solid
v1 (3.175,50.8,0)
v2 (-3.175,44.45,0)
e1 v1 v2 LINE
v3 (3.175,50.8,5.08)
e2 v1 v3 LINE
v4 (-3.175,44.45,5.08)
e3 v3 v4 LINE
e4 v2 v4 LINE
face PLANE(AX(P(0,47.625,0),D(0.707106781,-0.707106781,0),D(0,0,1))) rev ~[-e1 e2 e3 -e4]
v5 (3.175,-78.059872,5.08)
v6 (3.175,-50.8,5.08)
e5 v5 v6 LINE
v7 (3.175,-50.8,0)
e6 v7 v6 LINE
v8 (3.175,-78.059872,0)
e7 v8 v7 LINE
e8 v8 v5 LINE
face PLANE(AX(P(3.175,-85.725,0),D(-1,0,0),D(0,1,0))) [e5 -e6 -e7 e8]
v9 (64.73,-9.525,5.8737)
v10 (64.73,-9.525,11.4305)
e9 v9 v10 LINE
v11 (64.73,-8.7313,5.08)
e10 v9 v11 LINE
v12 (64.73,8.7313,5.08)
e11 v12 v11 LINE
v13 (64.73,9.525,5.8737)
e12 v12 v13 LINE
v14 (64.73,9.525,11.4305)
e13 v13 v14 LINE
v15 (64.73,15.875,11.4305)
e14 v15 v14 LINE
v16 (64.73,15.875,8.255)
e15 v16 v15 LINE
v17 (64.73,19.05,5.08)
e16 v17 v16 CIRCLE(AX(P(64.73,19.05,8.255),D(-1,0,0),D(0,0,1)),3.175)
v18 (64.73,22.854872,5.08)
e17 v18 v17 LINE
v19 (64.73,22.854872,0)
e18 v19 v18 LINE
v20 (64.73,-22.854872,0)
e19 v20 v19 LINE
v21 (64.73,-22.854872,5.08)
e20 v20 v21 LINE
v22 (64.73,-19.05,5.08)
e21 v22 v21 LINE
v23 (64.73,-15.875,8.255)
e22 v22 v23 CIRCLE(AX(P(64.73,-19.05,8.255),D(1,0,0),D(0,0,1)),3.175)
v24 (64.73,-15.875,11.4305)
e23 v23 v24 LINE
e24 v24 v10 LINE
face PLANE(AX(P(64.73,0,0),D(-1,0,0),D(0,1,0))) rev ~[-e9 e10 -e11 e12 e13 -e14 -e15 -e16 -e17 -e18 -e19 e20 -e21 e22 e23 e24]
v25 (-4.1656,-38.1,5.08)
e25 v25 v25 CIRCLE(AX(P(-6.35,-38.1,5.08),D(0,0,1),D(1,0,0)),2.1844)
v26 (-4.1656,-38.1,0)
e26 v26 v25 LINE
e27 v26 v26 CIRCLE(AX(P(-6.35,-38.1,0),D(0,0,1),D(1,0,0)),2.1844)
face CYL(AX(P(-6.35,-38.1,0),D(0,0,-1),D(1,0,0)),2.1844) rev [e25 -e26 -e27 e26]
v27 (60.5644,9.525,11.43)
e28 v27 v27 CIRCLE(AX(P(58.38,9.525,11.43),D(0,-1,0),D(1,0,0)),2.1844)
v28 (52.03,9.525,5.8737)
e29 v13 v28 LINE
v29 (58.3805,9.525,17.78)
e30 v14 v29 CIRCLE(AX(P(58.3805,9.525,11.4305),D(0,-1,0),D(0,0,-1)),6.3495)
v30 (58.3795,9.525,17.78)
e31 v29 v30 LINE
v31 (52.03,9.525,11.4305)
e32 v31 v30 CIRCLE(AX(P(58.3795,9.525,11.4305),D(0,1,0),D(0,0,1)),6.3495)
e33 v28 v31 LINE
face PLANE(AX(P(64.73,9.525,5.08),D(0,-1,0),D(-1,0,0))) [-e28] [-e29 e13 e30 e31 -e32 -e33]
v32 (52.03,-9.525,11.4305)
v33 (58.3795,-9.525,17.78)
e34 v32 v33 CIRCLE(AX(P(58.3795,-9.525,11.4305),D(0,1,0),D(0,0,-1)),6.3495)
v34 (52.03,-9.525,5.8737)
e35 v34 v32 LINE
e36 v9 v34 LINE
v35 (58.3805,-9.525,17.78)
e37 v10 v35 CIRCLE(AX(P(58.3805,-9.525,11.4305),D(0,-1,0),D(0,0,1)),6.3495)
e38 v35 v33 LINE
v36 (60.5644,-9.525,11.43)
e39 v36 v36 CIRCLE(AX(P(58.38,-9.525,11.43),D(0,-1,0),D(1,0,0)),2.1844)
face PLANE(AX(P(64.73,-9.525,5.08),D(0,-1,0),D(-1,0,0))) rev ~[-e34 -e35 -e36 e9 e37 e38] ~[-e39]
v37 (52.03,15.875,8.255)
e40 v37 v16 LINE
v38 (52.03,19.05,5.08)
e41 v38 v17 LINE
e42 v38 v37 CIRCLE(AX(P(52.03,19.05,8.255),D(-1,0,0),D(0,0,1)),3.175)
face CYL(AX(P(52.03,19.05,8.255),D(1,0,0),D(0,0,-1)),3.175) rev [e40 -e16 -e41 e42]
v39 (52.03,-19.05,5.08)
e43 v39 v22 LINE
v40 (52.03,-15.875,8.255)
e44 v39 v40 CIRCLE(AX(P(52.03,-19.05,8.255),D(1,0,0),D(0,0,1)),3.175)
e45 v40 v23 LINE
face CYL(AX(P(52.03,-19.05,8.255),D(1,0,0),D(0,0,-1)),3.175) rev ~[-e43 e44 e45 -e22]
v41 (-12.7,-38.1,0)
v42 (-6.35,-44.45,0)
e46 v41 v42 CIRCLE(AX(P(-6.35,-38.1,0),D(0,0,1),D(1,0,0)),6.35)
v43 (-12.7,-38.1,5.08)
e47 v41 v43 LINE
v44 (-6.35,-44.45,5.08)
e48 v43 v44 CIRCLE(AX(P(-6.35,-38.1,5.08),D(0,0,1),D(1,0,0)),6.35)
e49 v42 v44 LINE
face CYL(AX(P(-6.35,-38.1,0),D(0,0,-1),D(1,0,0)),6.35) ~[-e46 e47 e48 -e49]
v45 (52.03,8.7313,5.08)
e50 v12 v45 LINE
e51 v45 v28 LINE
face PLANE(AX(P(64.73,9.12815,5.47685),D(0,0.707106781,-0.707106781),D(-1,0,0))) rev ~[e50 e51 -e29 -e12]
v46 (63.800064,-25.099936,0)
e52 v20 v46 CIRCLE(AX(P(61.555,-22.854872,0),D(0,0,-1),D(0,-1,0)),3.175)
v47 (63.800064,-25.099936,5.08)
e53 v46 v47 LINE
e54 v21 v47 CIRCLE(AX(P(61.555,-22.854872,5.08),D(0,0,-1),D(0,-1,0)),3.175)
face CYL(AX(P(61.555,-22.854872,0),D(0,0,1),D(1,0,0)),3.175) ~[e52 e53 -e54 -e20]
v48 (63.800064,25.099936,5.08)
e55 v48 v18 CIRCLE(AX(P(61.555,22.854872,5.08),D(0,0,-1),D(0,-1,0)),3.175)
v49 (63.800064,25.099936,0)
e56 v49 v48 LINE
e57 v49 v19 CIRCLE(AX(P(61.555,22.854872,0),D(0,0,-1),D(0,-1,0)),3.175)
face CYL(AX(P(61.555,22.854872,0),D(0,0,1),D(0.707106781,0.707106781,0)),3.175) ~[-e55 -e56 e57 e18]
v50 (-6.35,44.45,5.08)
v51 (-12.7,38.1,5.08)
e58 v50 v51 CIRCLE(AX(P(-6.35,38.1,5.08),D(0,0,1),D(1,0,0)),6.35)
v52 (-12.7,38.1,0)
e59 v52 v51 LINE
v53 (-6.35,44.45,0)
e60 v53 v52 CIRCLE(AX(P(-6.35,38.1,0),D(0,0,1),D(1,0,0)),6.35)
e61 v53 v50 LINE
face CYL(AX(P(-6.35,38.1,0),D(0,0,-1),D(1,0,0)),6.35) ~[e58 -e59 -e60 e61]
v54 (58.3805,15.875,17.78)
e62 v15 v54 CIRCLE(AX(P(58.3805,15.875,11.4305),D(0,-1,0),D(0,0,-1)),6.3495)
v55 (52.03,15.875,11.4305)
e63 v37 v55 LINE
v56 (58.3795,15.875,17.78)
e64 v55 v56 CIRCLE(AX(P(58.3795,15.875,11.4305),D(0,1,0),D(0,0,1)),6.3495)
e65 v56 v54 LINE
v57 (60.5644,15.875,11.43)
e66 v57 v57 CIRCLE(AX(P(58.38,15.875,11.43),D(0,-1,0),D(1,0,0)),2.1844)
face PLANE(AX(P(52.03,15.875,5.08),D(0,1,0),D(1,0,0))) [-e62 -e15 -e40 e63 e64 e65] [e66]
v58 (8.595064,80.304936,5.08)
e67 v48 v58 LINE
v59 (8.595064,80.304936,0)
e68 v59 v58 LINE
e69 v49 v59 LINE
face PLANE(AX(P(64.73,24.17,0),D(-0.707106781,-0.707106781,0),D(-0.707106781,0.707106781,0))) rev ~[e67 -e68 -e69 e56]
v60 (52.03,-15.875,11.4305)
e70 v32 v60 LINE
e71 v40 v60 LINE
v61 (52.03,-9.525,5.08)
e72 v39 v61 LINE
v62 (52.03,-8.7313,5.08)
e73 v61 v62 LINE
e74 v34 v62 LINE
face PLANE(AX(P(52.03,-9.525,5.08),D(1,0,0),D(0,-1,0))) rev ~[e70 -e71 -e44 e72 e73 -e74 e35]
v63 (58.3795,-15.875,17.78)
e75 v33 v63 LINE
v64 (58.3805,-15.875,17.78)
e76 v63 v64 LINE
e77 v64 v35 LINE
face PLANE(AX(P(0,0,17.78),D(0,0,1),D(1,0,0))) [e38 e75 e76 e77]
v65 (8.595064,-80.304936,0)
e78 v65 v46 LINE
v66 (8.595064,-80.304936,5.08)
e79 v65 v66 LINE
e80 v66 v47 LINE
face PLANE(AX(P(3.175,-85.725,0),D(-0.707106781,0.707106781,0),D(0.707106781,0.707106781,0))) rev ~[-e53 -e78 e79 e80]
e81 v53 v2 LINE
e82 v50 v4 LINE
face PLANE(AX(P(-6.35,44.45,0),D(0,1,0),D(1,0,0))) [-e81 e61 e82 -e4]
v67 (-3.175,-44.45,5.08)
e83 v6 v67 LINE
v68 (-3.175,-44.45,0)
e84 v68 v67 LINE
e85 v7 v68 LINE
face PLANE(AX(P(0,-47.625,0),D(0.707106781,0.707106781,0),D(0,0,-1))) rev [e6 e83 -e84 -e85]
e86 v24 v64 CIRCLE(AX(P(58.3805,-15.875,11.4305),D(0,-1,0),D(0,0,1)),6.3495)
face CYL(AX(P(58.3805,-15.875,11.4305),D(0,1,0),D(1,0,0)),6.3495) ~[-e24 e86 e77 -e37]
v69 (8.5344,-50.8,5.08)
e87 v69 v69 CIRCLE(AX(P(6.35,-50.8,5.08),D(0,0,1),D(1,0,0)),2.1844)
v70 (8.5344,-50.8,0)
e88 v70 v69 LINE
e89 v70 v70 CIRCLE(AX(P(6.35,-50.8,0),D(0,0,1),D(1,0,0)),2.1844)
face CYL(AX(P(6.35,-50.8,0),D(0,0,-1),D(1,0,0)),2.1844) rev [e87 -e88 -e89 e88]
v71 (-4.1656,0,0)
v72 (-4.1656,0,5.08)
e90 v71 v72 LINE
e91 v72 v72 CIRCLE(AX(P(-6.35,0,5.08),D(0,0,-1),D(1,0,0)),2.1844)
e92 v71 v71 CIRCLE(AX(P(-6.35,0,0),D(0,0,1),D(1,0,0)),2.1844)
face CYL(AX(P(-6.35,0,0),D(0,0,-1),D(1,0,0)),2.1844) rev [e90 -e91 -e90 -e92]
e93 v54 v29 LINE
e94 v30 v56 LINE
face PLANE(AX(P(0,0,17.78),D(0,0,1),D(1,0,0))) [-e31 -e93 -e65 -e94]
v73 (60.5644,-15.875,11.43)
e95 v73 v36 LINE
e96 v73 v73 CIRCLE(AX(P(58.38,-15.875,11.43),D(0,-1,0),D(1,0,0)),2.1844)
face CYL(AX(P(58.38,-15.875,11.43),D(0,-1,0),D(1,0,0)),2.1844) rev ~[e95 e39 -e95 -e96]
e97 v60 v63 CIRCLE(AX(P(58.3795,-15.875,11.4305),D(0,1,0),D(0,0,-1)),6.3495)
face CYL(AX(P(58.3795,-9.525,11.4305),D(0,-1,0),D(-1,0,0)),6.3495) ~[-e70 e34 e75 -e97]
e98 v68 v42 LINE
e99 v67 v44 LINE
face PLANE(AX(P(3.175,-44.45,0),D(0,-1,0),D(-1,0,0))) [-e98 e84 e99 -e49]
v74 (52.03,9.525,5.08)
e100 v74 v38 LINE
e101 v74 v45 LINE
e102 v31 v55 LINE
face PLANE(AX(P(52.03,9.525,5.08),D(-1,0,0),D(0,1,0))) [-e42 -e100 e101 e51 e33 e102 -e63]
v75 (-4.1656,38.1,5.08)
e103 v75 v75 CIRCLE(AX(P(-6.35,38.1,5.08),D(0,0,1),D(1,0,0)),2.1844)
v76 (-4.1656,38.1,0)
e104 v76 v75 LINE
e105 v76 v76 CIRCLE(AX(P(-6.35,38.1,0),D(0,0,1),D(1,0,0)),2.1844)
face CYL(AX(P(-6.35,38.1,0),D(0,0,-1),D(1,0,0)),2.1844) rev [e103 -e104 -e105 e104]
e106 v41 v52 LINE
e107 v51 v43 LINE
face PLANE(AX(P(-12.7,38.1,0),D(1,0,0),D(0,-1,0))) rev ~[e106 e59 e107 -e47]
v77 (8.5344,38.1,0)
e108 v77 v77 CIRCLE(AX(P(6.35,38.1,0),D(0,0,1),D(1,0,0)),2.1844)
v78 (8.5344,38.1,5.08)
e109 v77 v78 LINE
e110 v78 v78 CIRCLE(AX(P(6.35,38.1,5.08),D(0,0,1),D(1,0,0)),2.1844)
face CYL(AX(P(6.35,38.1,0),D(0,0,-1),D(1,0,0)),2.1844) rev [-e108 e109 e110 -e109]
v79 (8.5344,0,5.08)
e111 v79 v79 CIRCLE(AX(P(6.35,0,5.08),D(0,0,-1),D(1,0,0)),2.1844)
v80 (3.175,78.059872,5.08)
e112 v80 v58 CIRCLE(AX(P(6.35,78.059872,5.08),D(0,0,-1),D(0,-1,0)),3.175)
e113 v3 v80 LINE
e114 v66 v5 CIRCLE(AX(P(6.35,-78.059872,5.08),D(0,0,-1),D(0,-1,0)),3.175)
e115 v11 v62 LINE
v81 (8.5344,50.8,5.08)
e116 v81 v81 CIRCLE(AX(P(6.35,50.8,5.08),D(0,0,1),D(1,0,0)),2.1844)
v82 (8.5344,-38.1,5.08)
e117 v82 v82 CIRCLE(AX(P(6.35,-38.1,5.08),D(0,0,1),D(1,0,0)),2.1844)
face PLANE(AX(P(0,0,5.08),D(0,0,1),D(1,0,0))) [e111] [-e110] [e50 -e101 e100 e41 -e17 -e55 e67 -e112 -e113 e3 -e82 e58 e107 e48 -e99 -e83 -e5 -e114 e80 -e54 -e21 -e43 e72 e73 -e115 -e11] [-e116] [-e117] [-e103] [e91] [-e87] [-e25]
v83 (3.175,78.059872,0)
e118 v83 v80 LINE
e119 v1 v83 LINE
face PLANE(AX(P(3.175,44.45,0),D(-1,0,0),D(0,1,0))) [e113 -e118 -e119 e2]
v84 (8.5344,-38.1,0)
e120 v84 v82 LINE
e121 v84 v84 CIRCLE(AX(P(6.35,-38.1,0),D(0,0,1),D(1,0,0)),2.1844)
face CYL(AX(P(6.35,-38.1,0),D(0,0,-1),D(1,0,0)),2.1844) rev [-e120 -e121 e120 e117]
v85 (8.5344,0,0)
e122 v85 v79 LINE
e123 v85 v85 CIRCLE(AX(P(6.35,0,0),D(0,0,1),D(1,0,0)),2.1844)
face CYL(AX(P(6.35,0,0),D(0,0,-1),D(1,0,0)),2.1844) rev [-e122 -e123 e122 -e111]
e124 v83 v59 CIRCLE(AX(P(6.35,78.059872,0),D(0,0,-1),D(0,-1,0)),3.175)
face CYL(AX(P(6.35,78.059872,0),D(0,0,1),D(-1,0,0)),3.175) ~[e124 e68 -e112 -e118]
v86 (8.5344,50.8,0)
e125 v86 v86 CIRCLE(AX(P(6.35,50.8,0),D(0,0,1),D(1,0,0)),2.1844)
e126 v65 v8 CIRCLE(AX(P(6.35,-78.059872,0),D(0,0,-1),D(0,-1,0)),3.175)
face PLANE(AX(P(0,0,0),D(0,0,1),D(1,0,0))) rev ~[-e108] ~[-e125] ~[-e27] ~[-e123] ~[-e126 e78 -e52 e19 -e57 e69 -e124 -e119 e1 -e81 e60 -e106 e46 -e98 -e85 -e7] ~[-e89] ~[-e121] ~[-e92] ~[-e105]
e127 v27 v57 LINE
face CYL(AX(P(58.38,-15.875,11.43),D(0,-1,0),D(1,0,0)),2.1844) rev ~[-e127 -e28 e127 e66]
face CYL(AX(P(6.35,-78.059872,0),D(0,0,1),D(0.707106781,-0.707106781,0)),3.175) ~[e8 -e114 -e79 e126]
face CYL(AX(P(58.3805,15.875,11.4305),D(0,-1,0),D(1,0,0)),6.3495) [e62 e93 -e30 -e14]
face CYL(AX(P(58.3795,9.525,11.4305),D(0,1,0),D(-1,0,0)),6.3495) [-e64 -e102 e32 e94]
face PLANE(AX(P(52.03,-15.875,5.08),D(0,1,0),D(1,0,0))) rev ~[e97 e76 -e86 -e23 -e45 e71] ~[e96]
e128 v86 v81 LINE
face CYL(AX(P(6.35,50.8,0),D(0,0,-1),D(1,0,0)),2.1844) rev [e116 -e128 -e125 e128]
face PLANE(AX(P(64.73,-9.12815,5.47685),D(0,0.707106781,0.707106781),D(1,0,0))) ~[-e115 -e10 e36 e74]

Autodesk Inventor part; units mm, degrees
ref_plane "YZ Plane" through (0, 0, 0) normal (1, 0, 0) x (0, 1, 0)
ref_plane "XZ Plane" through (0, 0, 0) normal (0, 1, 0) x (-1, 0, 0)
ref_plane "XY Plane" through (0, 0, 0) normal (0, 0, 1) x (1, 0, 0)
sketch "Sketch1" plane through (0, 0, 0) normal (0, 0, 1) x (1, 0, 0)
  line L0 (88.9, 0) -> (-12.7, 101.6)
  line L1 (-12.7, 101.6) -> (-12.7, -101.6)
  line L2 (-12.7, -101.6) -> (88.9, 0)
  line L3 (-12.7, 0) -> (88.9, 0)
  line L4 (64.73, 183.898) -> (-316.27, 183.898)
  line L5 (-316.27, 183.898) -> (-316.27, -183.898)
  line L6 (-316.27, -183.898) -> (64.73, -183.898)
  line L7 (64.73, -183.898) -> (64.73, 183.898)
  line L8 (64.73, 183.898) -> (-316.27, -183.898) construction
  line L9 (-316.27, 183.898) -> (64.73, -183.898) construction
  circle A0 centre (6.35, 38.1) radius 2.1844 projected
  circle A1 centre (-6.35, 38.1) radius 2.1844 projected
  circle A2 centre (-6.35, -38.1) radius 2.1844 projected
  circle A3 centre (6.35, -38.1) radius 2.1844 projected
  circle A4 centre (6.35, 0) radius 2.1844 projected
  circle A5 centre (6.35, 88.9) radius 2.1844 projected
  circle A6 centre (6.35, 50.8) radius 2.1844 projected
  circle A7 centre (6.35, -50.8) radius 2.1844 projected
  circle A8 centre (-6.35, 0) radius 2.1844 projected
  circle A9 centre (-6.35, 38.1) radius 6.35
  circle A10 centre (-6.35, -38.1) radius 6.35
  line L10 (3.175, -85.725) -> (3.175, -44.45)
  line L11 (3.175, -44.45) -> (-11.204, -44.45)
  line L12 (-10.742, 44.45) -> (3.175, 44.45)
  line L13 (3.175, 44.45) -> (3.175, 85.725)
  point P0 (0, 0)
  point P1 (-125.77, 0)
  point P2 (64.73, 24.17)
  point P3 (-6.35, 44.45)
  point P4 (-12.7, 38.1)
  point P5 (-12.7, -38.1)
  point P6 (-6.35, -44.45)
  point P7 (64.73, -24.17)
  dimension "d0" = 101.6
  dimension "d2" = 381
  dimension "d4" = 12.7
  dimension "d5" = 12.7
  dimension "d6" = 3.175
  dimension "d7" = 3.175
extrude "Extrusion1" add sketch "Sketch1" along normal blind 5.08 contours L0 L7 L3 A4 A8 L1 A9 L12 L13 | A9 | L7 L2 L10 L11 A10 L1 L3 A8 A4 | A10
chamfer "Chamfer1" distance 6.35 angle 45 2 edges at (3.175, 44.45, 2.54) (3.175, -44.45, 2.54)
fillet "Fillet1" radius 3.175 4 edges at (3.175, 85.725, 2.54) (3.175, -85.725, 2.54) (64.73, 24.17, 2.54) (64.73, -24.17, 2.54)
sketch "Sketch2" plane through (0, 0, 5.08) normal (0, 0, 1) x (1, 0, 0)
  circle A0 centre (58.38, 0) radius 2.1844
  line L0 (58.38, 0) -> (0, 0) construction
  circle A1 centre (58.38, 12.7) radius 2.1844
  circle A2 centre (58.38, -12.7) radius 2.1844
  line L1 (58.38, 0) -> (58.38, -12.7) construction
  line L2 (64.73, -22.8548) -> (64.73, 22.8548) construction
  line L3 (52.03, -15.875) -> (64.73, -15.875)
  line L4 (64.73, -15.875) -> (64.73, -9.525)
  line L5 (64.73, -9.525) -> (52.03, -9.525)
  line L6 (52.03, -9.525) -> (52.03, -15.875)
  line L7 (52.03, -15.875) -> (64.73, -9.525) construction
  line L8 (64.73, -15.875) -> (52.03, -9.525) construction
  line L9 (52.03, 15.875) -> (64.73, 15.875)
  line L10 (64.73, 15.875) -> (64.73, 9.525)
  line L11 (64.73, 9.525) -> (52.03, 9.525)
  line L12 (52.03, 9.525) -> (52.03, 15.875)
  line L13 (52.03, 15.875) -> (64.73, 9.525) construction
  line L14 (64.73, 15.875) -> (52.03, 9.525) construction
  dimension "d14" = 4.3688
  dimension "d15" = 12.7
  dimension "d16" = 6.35
  dimension "d17" = 12.7
  dimension "d18" = 6.35
  dimension "d19" = 12.7
  dimension "d20" = 6.35
extrude "Extrusion2" add sketch "Sketch2" along normal blind 12.7 contours A1 | A2 | L6 L5 L4 L3 | L9 L10 L11 L12
fillet "Fillet2" radius 3.175 2 edges at (58.38, -15.875, 5.08) (58.38, 15.875, 5.08)
fillet "Fillet3" radius 6.35 4 edges at (64.73, -12.7, 17.78) (64.73, 12.7, 17.78) (52.03, 12.7, 17.78) (52.03, -12.7, 17.78)
sketch "Sketch3" plane through (52.03, -15.875, 8.255) normal (0, -1, 0) x (1, 0, 0)
  arc A0 (12.7, 3.175) -> (0, 3.175) centre (6.35, 3.175) ccw projected
  circle A1 centre (6.35, 3.175) radius 2.1844
  point P0 (-52.03, -8.255)
  dimension "d28" = 4.3688
extrude "Extrusion3" cut sketch "Sketch3" against normal through all
chamfer "Chamfer3" distance 0.7937 angle 45 2 edges at (58.38, -9.525, 5.08) (58.38, 9.525, 5.08)
properties part number "wedge"
